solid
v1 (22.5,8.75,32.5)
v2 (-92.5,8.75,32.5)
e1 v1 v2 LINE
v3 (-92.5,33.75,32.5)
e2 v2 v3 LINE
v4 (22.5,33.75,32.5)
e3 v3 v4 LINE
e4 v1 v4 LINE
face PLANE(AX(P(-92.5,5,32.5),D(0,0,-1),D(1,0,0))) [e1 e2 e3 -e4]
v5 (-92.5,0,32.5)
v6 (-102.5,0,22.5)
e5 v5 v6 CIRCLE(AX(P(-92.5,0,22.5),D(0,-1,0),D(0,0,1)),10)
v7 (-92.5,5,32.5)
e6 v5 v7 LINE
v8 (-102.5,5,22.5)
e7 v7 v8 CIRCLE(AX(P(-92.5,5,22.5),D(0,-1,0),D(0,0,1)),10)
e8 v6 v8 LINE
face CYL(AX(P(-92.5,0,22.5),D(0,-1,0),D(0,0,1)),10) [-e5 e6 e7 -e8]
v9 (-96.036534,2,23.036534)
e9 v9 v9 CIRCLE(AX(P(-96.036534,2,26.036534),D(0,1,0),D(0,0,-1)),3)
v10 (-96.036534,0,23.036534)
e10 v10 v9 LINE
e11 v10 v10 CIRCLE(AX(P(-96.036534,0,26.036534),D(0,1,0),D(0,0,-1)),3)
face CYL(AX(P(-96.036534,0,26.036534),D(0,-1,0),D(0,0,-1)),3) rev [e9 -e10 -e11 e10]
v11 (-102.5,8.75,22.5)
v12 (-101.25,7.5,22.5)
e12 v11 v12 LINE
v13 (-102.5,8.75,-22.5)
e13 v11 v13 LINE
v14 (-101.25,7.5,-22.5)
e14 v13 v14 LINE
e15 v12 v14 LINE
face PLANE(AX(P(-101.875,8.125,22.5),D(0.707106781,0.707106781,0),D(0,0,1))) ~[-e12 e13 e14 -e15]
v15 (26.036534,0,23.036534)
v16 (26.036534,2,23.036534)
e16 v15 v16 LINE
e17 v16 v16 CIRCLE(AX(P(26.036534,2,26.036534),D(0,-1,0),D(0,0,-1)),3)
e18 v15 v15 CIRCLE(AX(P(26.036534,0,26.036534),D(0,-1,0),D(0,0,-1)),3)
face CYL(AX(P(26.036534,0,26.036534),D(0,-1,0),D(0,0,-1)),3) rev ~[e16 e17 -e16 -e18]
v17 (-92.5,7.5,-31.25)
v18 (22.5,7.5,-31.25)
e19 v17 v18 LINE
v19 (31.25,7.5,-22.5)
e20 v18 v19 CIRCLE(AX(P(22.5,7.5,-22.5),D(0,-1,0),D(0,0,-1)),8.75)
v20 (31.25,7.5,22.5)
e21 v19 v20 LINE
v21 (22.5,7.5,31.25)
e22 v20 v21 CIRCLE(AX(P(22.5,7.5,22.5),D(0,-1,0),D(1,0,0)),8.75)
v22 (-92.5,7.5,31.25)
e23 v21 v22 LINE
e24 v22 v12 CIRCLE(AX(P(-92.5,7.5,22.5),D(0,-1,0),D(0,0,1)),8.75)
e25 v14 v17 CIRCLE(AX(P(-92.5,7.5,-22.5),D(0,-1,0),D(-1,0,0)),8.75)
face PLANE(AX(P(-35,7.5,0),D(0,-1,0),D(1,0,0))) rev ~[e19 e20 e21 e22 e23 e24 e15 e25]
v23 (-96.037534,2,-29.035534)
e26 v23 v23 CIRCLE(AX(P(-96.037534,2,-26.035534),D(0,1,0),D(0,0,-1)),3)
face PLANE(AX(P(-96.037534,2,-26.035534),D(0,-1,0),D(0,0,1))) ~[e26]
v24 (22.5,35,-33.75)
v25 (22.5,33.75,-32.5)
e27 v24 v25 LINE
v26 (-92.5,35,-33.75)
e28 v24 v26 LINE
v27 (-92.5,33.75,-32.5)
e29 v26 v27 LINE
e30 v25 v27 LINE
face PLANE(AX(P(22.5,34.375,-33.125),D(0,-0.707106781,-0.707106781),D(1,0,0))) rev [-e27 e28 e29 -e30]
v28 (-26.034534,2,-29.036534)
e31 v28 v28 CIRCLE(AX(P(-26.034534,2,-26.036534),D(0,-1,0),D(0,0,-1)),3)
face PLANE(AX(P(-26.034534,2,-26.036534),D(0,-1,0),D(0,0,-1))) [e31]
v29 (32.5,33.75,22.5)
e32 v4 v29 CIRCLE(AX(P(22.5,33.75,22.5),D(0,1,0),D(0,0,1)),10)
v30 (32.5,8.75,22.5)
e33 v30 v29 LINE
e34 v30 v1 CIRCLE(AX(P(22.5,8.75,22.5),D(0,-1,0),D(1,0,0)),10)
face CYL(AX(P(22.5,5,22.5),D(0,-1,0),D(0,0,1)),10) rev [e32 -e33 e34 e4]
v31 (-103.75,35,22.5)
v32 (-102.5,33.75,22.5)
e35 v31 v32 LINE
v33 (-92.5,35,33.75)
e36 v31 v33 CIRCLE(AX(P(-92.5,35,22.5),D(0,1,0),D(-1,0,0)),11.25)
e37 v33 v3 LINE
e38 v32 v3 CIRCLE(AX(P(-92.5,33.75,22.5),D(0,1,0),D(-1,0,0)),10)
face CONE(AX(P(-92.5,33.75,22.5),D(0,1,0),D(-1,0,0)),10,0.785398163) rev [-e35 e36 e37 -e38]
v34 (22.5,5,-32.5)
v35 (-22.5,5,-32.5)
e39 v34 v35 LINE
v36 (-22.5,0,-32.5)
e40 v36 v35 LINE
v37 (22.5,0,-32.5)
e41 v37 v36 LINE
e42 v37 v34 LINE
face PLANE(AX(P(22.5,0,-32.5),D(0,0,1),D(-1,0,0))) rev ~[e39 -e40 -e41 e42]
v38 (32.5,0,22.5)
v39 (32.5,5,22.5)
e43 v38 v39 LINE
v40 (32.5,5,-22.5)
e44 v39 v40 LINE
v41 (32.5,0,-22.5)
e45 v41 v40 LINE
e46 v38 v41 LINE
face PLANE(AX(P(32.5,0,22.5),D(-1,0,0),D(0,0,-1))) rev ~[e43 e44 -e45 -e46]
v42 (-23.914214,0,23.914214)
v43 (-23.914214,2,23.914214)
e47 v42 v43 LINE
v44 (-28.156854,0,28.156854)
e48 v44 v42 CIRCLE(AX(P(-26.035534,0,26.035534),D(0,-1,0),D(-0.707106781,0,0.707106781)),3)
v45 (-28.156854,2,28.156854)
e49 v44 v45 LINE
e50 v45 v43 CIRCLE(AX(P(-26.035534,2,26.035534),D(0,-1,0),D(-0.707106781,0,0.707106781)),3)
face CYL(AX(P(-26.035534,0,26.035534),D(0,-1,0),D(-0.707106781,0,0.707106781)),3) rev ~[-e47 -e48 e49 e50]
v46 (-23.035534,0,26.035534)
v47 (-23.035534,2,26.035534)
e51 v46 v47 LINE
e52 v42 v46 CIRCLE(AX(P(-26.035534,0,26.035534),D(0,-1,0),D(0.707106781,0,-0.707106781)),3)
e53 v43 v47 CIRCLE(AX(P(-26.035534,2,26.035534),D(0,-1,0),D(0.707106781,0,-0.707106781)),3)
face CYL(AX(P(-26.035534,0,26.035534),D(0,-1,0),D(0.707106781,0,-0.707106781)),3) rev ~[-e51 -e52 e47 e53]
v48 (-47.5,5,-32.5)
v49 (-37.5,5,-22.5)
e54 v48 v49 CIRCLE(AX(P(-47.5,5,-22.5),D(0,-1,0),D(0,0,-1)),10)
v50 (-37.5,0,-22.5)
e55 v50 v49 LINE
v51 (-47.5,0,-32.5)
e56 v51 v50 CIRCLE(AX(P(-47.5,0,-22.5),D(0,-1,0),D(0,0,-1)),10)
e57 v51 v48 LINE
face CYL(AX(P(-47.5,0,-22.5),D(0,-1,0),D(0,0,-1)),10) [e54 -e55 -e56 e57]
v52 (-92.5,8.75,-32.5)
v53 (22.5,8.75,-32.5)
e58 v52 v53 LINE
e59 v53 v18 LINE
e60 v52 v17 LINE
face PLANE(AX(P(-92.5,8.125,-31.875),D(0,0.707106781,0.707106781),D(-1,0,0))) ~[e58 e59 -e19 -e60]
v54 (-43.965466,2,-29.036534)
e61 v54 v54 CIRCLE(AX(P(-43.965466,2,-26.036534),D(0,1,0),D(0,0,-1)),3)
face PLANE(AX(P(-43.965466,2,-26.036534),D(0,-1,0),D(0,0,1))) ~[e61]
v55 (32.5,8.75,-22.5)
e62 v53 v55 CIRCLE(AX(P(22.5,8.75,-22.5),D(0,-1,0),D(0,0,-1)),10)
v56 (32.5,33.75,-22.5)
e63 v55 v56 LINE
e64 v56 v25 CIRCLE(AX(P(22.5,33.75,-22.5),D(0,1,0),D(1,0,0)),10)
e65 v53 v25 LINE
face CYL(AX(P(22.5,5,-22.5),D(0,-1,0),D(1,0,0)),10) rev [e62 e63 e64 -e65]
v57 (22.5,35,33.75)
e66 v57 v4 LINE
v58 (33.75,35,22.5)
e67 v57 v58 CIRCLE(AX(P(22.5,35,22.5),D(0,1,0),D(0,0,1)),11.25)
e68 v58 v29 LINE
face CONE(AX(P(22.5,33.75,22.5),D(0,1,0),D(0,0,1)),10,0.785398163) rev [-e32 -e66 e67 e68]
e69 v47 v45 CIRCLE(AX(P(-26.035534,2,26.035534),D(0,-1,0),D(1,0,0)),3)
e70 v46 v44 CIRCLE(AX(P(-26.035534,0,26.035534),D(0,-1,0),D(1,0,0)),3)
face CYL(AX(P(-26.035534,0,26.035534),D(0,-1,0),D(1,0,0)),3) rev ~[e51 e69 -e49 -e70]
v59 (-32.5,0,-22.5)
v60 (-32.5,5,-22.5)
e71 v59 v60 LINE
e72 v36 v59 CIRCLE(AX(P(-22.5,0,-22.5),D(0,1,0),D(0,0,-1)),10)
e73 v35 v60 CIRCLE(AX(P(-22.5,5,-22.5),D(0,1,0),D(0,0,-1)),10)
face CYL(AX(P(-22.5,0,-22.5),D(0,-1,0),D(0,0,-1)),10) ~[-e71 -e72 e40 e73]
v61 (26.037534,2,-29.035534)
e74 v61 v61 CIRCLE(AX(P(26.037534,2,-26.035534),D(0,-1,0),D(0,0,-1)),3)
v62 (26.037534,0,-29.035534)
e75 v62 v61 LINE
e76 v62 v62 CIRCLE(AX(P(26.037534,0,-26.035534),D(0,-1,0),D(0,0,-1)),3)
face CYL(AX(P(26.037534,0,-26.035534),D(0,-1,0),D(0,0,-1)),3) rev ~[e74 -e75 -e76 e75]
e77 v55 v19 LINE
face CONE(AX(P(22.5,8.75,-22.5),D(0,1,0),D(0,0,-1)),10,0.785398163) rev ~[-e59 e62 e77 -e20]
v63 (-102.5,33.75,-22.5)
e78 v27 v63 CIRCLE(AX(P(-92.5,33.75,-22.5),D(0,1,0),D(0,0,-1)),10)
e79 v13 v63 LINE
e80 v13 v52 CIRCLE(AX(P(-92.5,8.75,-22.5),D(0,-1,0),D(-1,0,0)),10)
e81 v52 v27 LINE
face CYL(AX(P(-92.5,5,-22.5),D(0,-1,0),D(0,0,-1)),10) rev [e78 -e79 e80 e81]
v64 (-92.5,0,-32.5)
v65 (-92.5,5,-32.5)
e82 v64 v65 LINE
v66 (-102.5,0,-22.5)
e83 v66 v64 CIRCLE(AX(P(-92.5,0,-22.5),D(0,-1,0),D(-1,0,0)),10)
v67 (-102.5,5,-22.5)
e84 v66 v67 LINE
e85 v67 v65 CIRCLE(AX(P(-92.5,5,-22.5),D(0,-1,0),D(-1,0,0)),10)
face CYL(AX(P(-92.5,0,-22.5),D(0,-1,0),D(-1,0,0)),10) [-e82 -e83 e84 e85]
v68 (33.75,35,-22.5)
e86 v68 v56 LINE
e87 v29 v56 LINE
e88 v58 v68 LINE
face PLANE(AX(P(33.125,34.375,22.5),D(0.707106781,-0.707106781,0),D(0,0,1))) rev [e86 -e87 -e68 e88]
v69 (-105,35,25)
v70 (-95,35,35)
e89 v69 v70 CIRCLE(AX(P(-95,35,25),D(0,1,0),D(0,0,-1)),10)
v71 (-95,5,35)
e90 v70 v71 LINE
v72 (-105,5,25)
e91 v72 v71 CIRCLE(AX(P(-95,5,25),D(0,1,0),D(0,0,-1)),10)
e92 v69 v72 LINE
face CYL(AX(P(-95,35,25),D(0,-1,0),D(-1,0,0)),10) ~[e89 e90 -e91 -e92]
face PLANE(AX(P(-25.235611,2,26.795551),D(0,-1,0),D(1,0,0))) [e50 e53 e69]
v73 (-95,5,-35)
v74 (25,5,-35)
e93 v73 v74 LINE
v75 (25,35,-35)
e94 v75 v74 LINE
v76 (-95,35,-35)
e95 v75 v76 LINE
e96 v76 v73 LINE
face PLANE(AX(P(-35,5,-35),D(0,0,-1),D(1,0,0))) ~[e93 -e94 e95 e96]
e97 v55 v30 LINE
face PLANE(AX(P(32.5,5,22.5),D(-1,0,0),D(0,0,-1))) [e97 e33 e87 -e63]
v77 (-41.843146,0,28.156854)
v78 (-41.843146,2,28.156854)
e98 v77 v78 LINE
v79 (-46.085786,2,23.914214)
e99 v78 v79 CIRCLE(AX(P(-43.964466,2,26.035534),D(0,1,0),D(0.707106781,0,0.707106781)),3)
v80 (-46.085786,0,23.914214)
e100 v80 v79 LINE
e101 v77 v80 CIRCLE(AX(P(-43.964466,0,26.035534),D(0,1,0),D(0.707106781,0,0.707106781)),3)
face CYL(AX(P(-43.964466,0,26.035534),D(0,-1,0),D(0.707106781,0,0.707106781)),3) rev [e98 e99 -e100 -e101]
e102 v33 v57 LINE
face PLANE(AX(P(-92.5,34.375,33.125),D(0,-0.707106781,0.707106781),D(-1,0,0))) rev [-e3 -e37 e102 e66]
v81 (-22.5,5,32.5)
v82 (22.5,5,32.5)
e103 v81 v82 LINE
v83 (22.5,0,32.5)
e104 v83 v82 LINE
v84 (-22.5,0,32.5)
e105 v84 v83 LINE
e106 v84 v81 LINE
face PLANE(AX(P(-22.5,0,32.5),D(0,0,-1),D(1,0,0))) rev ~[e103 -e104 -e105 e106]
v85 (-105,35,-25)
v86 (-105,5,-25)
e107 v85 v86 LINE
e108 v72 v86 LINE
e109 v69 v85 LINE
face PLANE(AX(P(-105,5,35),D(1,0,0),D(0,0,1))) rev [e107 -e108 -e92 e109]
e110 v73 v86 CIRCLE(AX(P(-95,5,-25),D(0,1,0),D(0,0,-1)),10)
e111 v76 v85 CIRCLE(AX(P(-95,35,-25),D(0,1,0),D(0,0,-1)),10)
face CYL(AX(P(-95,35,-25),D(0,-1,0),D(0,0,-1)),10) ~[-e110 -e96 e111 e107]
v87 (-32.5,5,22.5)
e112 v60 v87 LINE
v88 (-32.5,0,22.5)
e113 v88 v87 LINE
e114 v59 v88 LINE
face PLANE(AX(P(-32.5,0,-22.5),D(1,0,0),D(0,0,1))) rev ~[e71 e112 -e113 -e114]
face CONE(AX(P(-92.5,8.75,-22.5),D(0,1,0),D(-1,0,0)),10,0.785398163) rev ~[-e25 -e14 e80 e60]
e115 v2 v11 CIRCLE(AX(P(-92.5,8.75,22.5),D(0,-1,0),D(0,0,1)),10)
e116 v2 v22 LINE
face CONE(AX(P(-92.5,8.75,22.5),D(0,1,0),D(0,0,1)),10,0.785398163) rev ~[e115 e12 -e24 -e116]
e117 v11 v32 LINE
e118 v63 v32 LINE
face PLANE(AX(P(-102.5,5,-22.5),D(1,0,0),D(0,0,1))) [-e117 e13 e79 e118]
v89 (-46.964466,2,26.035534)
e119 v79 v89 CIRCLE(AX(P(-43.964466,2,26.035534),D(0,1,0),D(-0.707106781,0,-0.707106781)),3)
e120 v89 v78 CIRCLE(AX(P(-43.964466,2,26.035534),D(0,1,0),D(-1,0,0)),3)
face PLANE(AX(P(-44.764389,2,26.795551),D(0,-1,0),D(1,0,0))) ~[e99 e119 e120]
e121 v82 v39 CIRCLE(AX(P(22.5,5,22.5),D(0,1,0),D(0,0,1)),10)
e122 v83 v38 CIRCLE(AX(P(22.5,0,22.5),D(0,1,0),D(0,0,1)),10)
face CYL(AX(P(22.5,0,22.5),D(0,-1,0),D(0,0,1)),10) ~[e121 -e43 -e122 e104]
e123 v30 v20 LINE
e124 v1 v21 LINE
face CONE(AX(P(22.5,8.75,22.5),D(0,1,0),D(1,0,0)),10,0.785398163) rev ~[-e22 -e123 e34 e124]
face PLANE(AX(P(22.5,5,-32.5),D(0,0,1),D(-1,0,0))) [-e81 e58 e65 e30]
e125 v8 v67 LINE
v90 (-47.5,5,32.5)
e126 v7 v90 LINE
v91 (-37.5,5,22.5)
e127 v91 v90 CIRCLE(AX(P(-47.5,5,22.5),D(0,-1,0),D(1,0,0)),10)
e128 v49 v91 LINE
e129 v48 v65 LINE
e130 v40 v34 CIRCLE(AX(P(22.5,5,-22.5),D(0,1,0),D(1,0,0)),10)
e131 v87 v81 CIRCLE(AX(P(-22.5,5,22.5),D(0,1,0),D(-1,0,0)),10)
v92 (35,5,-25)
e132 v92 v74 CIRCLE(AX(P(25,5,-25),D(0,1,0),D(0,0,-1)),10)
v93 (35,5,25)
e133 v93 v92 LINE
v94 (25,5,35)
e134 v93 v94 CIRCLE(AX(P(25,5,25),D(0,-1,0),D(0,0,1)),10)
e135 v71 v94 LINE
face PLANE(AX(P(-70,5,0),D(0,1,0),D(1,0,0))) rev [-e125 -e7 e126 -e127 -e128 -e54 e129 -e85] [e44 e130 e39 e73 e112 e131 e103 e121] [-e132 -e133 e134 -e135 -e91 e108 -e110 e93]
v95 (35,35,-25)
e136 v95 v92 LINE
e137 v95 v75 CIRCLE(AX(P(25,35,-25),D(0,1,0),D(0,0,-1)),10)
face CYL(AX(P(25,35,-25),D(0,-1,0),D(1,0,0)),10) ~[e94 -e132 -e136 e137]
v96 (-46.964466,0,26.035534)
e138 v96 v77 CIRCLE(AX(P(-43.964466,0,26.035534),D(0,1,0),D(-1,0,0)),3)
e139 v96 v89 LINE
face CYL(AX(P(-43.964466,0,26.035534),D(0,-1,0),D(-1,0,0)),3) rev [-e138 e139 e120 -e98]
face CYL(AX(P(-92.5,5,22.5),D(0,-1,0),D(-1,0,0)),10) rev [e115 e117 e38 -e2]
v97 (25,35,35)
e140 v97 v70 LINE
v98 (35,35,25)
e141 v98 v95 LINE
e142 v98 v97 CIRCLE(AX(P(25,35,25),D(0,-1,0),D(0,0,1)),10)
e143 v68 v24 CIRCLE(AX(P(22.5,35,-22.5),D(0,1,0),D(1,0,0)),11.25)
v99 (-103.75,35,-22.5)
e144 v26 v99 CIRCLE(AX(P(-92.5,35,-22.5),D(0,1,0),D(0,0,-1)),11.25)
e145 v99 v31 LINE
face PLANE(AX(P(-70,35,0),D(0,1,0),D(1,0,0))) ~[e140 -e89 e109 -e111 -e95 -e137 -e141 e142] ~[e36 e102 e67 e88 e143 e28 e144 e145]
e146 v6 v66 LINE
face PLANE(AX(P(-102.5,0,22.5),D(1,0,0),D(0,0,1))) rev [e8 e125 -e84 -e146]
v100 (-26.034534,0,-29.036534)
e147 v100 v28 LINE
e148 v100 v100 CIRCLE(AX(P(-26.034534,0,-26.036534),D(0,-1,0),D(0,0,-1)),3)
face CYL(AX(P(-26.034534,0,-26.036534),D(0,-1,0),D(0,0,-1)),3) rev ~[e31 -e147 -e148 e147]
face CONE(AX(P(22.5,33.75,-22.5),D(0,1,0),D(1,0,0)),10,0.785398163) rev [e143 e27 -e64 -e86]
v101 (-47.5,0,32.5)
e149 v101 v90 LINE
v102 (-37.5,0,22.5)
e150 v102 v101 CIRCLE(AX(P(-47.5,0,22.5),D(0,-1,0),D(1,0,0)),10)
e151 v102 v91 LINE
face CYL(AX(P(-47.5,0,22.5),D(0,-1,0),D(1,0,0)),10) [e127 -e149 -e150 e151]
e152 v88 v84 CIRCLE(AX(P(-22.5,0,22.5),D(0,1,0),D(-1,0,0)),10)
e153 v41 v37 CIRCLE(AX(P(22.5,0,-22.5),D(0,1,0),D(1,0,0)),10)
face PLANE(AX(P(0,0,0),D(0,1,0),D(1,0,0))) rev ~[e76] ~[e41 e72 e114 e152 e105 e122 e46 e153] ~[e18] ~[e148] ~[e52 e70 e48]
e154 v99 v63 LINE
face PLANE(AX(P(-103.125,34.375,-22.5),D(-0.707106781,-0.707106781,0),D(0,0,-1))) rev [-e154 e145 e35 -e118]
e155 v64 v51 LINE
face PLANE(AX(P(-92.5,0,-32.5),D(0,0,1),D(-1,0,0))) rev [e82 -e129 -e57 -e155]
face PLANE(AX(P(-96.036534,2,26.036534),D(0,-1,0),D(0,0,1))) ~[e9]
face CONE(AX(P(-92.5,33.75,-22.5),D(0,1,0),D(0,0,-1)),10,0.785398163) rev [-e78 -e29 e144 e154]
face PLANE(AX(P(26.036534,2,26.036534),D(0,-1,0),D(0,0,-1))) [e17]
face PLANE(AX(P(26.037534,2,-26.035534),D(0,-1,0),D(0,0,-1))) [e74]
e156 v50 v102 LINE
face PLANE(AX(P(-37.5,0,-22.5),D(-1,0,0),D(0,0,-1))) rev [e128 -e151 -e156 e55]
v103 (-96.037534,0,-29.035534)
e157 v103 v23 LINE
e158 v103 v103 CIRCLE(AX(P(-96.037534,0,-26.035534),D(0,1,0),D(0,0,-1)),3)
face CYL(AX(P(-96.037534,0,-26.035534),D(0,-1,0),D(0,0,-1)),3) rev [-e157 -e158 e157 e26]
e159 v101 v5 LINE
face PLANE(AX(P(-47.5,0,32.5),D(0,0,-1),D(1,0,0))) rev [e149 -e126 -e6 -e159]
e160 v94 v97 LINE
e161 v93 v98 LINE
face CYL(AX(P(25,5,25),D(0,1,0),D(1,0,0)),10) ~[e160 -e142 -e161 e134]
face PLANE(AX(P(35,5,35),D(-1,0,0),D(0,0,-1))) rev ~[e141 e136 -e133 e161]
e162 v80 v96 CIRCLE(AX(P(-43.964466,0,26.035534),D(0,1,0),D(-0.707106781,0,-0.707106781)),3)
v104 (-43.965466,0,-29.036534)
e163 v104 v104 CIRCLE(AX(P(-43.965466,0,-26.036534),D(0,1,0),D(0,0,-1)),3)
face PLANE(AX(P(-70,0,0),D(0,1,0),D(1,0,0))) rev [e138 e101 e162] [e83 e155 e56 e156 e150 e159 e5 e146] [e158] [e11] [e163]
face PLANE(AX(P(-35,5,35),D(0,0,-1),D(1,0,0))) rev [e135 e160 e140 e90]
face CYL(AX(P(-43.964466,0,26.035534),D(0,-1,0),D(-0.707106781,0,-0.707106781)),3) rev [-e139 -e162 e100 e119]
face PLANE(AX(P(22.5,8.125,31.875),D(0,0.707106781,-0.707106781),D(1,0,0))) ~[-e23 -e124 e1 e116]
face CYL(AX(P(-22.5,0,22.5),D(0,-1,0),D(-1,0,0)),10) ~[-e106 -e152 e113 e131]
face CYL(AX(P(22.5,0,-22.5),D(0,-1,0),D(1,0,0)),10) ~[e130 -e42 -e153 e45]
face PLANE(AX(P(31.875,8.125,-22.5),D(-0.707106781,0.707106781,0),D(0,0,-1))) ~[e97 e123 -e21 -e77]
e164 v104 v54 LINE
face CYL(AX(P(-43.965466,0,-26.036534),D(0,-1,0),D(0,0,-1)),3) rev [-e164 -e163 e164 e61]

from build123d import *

# Parameters (mm, degrees)
BOSS_EXTRUDE4_DEPTH = 5
SKETCH6_W           = 70
SKETCH6_H           = 70
BOSS_EXTRUDE5_DEPTH = 30
SKETCH8_R           = 3
CUT_EXTRUDE1_DEPTH  = 2
CUT_EXTRUDE2_START  = -30
CUT_EXTRUDE2_DEPTH  = 30
SKETCH10_W          = 140
SKETCH10_H          = 70
BOSS_EXTRUDE6_DEPTH = 2.5
FILLET1_R           = 10
CHAMFER1_SIZE       = 1.25
CHAMFER2_SIZE       = 1.25


with BuildPart() as part:
    # Sketch5 → Boss-Extrude4 (new body)
    with BuildSketch(Plane(origin=(0, 0, 0), x_dir=(1, 0, 0), z_dir=(0, 1, 0))):
        with BuildLine():
            Line((-22.5, -32.5), (22.5, -32.5))
            ThreePointArc((22.5, -32.5), (29.571067812, -29.571067812), (32.5, -22.5))
            Line((32.5, -22.5), (32.5, 22.5))
            ThreePointArc((32.5, 22.5), (29.571067812, 29.571067812), (22.5, 32.5))
            Line((22.5, 32.5), (-22.5, 32.5))
            ThreePointArc((-22.5, 32.5), (-29.571067812, 29.571067812), (-32.5, 22.5))
            Line((-32.5, 22.5), (-32.5, -22.5))
            ThreePointArc((-32.5, -22.5), (-29.571067812, -29.571067812), (-22.5, -32.5))
        make_face()
    extrude(amount=BOSS_EXTRUDE4_DEPTH)

    # Sketch6 → Boss-Extrude5 (add)
    with BuildSketch(Plane(origin=(0, 5, 0), x_dir=(1, 0, 0), z_dir=(0, 1, 0))):
        Rectangle(SKETCH6_W, SKETCH6_H)
    extrude(amount=BOSS_EXTRUDE5_DEPTH)

    # Sketch8 → Cut-Extrude1 (cut)
    with BuildSketch(Plane.XZ):
        with Locations(Location((26.037533906, -26.035533906, 0), (0, 0, 270))):
            Circle(SKETCH8_R)
        with Locations(Location((26.036533906, 26.036533906, 0), (0, 0, 270))):
            Circle(SKETCH8_R)
        with BuildLine():
            ThreePointArc((-23.035533906, 26.035533906), (-24.887483609, 28.807172503), (-28.156854249, 28.156854249))
            Line((-28.156854249, 28.156854249), (-23.914213562, 23.914213562))
            ThreePointArc((-23.914213562, 23.914213562), (-23.263895308, 24.887483609), (-23.035533906, 26.035533906))
        make_face()
        with BuildLine():
            Line((-23.914213562, 23.914213562), (-28.156854249, 28.156854249))
            ThreePointArc((-28.156854249, 28.156854249), (-28.156854249, 23.914213562), (-23.914213562, 23.914213562))
        make_face()
        with Locations(Location((-26.034533906, -26.036533906, 0), (0, 0, 270))):
            Circle(SKETCH8_R)
    extrude(amount=-CUT_EXTRUDE1_DEPTH, mode=Mode.SUBTRACT)

    # Mirror1: part across plane


with BuildPart() as part_1:
    add(part.part)
    add(part.part.mirror(Plane(origin=(-35, 35, -35), x_dir=(0, 0, 1), z_dir=(1, 0, 0))))

    # Sketch9 → Cut-Extrude2 (cut)
    with BuildSketch(Plane(origin=(0, 35, 0), x_dir=(1, 0, 0), z_dir=(0, 1, 0)).offset(CUT_EXTRUDE2_START)):
        with BuildLine():
            Line((22.5, 32.5), (-92.5, 32.5))
            ThreePointArc((-92.5, 32.5), (-99.571067812, 29.571067812), (-102.5, 22.5))
            Line((-102.5, 22.5), (-102.5, -22.5))
            ThreePointArc((-102.5, -22.5), (-99.571067812, -29.571067812), (-92.5, -32.5))
            Line((-92.5, -32.5), (22.5, -32.5))
            ThreePointArc((22.5, -32.5), (29.571067812, -29.571067812), (32.5, -22.5))
            Line((32.5, -22.5), (32.5, 22.5))
            ThreePointArc((32.5, 22.5), (29.571067812, 29.571067812), (22.5, 32.5))
        make_face()
    extrude(amount=CUT_EXTRUDE2_DEPTH, mode=Mode.SUBTRACT)


with BuildPart() as cut_extrude2_piece_1:
    # of the separate pieces the step leaves, piece 1, a body of its own (cut_extrude2_pieces)
    add(part_1.part.solids().sort_by_distance((35, 5, -35))[0])



with BuildPart() as cut_extrude2_piece_2:
    # of the separate pieces the step leaves, piece 2, a body of its own (cut_extrude2_pieces)
    add(part_1.part.solids().sort_by_distance((-22.5, 0, 32.5))[0])


with BuildPart() as cut_extrude2_piece_3:
    # of the separate pieces the step leaves, piece 3, a body of its own (cut_extrude2_pieces)
    add(part_1.part.solids().sort_by_distance((-92.5, 0, -32.5))[0])


with BuildPart() as cut_extrude2_piece_1_1:
    add(cut_extrude2_piece_1.part)

    add(cut_extrude2_piece_2.part)  # Boss-Extrude6 merges Cut-Extrude2 piece 2

    add(cut_extrude2_piece_3.part)  # Boss-Extrude6 merges Cut-Extrude2 piece 3
    # Sketch10 → Boss-Extrude6 (add)
    with BuildSketch(Plane.XZ.offset(-5)):
        with Locations((-35, 0)):
            Rectangle(SKETCH10_W, SKETCH10_H)
    extrude(amount=-BOSS_EXTRUDE6_DEPTH)

    # Fillet1
    fillet1_edges = [cut_extrude2_piece_1_1.edges().sort_by_distance(p)[0] for p in [
        (35, 20, 35),
        (35, 20, -35),
        (-105, 20, 35),
        (-105, 20, -35),
    ]]
    fillet(fillet1_edges, radius=FILLET1_R)

    # Chamfer1
    chamfer1_edges = [cut_extrude2_piece_1_1.edges().sort_by_distance(p)[0] for p in [
        (29.571067812, 7.5, -29.571067812),
        (-35, 7.5, -32.5),
        (-99.571067812, 7.5, -29.571067812),
        (-102.5, 7.5, 0),
        (-99.571067812, 7.5, 29.571067812),
        (-35, 7.5, 32.5),
        (29.571067812, 7.5, 29.571067812),
        (32.5, 7.5, 0),
    ]]
    chamfer(chamfer1_edges, length=CHAMFER1_SIZE)

    # Chamfer2
    chamfer2_edges = [cut_extrude2_piece_1_1.edges().sort_by_distance(p)[0] for p in [
        (-99.571067812, 35, 29.571067812),
        (-35, 35, 32.5),
        (29.571067812, 35, 29.571067812),
        (32.5, 35, 0),
        (29.571067812, 35, -29.571067812),
        (-35, 35, -32.5),
        (-99.571067812, 35, -29.571067812),
        (-102.5, 35, 0),
    ]]
    chamfer(chamfer2_edges, length=CHAMFER2_SIZE)


solid = cut_extrude2_piece_1_1.part
